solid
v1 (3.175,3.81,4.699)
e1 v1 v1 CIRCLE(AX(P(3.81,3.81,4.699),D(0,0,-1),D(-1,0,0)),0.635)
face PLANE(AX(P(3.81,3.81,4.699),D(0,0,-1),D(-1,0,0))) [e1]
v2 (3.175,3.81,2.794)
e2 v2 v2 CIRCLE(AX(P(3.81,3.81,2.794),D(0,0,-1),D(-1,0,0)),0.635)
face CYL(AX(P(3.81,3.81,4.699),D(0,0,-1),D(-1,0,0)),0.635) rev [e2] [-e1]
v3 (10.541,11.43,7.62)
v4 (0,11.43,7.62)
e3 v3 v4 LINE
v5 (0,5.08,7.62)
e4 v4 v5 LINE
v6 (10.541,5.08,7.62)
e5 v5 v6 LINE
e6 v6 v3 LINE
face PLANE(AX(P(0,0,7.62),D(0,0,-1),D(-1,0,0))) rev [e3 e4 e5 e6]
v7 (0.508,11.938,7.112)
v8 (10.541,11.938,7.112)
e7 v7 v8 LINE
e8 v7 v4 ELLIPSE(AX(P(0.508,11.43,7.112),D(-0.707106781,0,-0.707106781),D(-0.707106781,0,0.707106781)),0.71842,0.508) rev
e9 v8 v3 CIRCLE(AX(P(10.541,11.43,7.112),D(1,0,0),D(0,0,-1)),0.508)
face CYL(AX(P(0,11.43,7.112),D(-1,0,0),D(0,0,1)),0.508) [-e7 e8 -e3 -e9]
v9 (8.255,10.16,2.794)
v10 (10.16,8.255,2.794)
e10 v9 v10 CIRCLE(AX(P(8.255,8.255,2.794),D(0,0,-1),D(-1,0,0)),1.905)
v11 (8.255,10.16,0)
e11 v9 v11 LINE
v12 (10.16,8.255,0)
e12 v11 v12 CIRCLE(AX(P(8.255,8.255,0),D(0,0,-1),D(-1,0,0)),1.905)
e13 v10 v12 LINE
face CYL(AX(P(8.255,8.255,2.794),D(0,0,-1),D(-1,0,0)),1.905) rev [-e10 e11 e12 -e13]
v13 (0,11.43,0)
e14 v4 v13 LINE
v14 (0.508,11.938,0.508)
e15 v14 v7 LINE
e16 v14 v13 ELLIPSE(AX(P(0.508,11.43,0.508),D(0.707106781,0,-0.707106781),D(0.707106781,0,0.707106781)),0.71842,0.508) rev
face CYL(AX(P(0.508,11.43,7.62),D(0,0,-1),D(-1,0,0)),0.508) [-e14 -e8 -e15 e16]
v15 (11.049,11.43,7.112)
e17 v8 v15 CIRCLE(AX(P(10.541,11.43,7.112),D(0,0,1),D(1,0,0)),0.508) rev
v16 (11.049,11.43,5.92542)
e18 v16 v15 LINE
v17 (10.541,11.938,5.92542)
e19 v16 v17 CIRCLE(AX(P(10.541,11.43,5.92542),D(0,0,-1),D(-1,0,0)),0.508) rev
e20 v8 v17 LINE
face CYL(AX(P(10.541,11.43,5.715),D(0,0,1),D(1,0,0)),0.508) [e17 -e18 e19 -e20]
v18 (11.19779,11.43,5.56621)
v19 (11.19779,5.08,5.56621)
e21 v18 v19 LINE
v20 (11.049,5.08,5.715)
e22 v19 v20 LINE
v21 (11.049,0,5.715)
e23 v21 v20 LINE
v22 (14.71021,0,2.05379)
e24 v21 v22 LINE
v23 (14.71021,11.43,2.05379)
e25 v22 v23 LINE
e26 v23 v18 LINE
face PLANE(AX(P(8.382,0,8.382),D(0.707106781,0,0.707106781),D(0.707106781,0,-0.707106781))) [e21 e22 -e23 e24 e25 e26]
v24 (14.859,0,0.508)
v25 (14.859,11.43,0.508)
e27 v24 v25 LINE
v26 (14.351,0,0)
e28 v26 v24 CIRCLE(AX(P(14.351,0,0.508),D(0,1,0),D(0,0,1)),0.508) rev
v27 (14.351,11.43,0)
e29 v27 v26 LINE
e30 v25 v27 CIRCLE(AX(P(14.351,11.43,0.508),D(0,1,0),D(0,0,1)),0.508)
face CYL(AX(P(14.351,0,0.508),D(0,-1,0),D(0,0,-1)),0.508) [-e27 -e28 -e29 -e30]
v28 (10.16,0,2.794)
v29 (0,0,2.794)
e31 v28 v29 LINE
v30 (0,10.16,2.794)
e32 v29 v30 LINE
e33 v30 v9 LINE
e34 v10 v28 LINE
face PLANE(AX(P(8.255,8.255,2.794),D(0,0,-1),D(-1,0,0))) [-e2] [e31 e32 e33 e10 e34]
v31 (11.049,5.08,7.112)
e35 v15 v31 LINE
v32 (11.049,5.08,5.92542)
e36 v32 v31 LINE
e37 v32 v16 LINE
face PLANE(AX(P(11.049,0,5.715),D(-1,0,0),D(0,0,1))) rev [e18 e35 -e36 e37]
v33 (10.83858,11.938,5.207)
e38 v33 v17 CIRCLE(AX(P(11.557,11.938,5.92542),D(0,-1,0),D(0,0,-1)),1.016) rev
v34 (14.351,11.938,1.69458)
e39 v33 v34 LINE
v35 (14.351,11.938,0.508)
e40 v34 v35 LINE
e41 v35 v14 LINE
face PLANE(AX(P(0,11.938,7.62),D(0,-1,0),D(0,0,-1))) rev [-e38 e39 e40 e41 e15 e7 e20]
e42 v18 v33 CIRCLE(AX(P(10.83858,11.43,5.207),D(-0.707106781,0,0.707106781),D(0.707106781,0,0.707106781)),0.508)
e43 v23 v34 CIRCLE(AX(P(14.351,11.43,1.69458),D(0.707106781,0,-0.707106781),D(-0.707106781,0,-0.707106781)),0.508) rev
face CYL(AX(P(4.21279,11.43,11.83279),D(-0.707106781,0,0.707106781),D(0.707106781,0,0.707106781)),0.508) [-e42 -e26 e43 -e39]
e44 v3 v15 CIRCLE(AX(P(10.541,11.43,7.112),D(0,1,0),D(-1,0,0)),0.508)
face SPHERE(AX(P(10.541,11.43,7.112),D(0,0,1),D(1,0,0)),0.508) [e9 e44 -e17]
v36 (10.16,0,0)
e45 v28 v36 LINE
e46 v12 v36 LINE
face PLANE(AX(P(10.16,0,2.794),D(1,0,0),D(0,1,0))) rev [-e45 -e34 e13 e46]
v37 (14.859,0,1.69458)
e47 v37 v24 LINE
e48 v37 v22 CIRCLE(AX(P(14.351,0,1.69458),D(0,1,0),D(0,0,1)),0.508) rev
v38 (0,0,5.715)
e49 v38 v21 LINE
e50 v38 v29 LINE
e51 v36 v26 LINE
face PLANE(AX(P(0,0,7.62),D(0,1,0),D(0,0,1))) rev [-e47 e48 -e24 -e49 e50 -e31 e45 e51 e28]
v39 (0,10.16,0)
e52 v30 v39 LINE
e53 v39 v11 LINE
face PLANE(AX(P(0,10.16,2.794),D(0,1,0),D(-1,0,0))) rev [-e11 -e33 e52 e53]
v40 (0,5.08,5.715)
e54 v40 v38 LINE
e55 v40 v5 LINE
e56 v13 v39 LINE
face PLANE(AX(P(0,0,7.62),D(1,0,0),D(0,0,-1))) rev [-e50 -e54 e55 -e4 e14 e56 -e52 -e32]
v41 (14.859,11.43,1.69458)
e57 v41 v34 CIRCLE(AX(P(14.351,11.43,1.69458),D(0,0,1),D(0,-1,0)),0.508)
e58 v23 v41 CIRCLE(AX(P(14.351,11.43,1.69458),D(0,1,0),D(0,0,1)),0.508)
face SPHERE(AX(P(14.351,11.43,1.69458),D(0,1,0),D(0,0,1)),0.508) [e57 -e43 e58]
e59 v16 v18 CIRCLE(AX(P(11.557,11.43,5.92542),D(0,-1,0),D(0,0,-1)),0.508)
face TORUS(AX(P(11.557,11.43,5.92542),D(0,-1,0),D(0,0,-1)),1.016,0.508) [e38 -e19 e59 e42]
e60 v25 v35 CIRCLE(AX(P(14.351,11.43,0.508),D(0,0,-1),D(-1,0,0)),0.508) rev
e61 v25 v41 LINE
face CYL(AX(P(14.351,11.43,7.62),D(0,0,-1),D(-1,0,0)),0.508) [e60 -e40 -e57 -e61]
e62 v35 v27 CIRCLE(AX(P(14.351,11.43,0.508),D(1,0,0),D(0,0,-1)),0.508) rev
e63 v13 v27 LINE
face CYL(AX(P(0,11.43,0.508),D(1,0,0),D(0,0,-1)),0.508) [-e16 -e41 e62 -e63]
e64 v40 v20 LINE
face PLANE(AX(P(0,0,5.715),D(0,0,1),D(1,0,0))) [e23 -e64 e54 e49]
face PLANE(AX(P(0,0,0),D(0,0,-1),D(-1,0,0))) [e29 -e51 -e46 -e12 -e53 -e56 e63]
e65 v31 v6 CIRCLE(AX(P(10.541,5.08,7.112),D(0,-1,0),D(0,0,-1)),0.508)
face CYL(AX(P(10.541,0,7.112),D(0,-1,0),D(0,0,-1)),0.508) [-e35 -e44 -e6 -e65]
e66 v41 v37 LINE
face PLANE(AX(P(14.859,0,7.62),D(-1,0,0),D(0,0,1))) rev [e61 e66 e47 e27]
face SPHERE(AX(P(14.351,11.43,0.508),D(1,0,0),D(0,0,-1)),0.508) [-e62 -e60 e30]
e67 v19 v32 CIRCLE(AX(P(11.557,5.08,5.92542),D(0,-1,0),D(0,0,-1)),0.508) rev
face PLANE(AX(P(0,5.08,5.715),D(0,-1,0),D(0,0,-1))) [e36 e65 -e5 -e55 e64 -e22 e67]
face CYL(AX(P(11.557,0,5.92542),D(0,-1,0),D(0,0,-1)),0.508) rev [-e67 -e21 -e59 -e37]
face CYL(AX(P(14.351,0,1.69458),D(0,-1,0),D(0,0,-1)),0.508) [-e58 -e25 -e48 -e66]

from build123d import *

# Parameters (mm, degrees)
SKETCH2_W           = 14.859
SKETCH2_H           = 11.938
BOSS_EXTRUDE1_DEPTH = 7.62
CUT_EXTRUDE2_DEPTH  = 2.794
CUT_EXTRUDE3_DEPTH  = 1.905
CUT_EXTRUDE4_DEPTH  = 12.938
FILLET1_R           = 0.508
SKETCH7_R           = 0.635
CUT_EXTRUDE13_DEPTH = 1.905


with BuildPart() as part:
    # Sketch2 → Boss-Extrude1 (new body)
    with BuildSketch(Plane.XY):
        with Locations((7.4295, 5.969)):
            Rectangle(SKETCH2_W, SKETCH2_H)
    extrude(amount=BOSS_EXTRUDE1_DEPTH)

    # Sketch4 → Cut-Extrude2 (cut)
    with BuildSketch(Plane(origin=(0, 0, 0), x_dir=(-1, 0, 0), z_dir=(0, 0, -1))):
        with BuildLine():
            Line((0, 0), (-10.16, 0))
            Line((-10.16, 0), (-10.16, 8.255))
            ThreePointArc((-10.16, 8.255), (-9.602038418, 9.602038418), (-8.255, 10.16))
            Line((-8.255, 10.16), (0, 10.16))
            Line((0, 10.16), (0, 0))
        make_face()
    extrude(amount=-CUT_EXTRUDE2_DEPTH, mode=Mode.SUBTRACT)

    # Sketch5 → Cut-Extrude3 (cut)
    with BuildSketch(Plane.XY.offset(7.62)):
        Polygon((14.859, 11.938), (11.049, 11.938), (11.049, 5.08), (0, 5.08), (0, 0), (14.859, 0), align=None)
    extrude(amount=-CUT_EXTRUDE3_DEPTH, mode=Mode.SUBTRACT)

    # Sketch6 → Cut-Extrude4 (cut, through all)
    with BuildSketch(Plane(origin=(0, 11.938, 0), x_dir=(1, 0, 0), z_dir=(0, 1, 0))):
        Polygon((14.859, -1.905), (11.049, -5.715), (14.859, -5.715), align=None)
    extrude(amount=-CUT_EXTRUDE4_DEPTH, mode=Mode.SUBTRACT)

    # Fillet1
    fillet1_edges = [part.edges().sort_by_distance(p)[0] for p in [
        (5.5245, 11.938, 7.62),
        (11.049, 11.938, 6.6675),
        (11.049, 8.509, 5.715),
        (11.049, 8.509, 7.62),
        (7.4295, 11.938, 0),
        (14.859, 11.938, 0.9525),
        (14.859, 5.969, 0),
        (12.954, 11.938, 3.81),
        (14.859, 5.969, 1.905),
        (0, 11.938, 3.81),
    ]]
    fillet(fillet1_edges, radius=FILLET1_R)

    # Sketch7 → Cut-Extrude13 (cut)
    with BuildSketch(Plane(origin=(0, 0, 2.794), x_dir=(-1, 0, 0), z_dir=(0, 0, -1))):
        with Locations((-3.81, 3.81)):
            Circle(SKETCH7_R)
    extrude(amount=-CUT_EXTRUDE13_DEPTH, mode=Mode.SUBTRACT)


solid = part.part
